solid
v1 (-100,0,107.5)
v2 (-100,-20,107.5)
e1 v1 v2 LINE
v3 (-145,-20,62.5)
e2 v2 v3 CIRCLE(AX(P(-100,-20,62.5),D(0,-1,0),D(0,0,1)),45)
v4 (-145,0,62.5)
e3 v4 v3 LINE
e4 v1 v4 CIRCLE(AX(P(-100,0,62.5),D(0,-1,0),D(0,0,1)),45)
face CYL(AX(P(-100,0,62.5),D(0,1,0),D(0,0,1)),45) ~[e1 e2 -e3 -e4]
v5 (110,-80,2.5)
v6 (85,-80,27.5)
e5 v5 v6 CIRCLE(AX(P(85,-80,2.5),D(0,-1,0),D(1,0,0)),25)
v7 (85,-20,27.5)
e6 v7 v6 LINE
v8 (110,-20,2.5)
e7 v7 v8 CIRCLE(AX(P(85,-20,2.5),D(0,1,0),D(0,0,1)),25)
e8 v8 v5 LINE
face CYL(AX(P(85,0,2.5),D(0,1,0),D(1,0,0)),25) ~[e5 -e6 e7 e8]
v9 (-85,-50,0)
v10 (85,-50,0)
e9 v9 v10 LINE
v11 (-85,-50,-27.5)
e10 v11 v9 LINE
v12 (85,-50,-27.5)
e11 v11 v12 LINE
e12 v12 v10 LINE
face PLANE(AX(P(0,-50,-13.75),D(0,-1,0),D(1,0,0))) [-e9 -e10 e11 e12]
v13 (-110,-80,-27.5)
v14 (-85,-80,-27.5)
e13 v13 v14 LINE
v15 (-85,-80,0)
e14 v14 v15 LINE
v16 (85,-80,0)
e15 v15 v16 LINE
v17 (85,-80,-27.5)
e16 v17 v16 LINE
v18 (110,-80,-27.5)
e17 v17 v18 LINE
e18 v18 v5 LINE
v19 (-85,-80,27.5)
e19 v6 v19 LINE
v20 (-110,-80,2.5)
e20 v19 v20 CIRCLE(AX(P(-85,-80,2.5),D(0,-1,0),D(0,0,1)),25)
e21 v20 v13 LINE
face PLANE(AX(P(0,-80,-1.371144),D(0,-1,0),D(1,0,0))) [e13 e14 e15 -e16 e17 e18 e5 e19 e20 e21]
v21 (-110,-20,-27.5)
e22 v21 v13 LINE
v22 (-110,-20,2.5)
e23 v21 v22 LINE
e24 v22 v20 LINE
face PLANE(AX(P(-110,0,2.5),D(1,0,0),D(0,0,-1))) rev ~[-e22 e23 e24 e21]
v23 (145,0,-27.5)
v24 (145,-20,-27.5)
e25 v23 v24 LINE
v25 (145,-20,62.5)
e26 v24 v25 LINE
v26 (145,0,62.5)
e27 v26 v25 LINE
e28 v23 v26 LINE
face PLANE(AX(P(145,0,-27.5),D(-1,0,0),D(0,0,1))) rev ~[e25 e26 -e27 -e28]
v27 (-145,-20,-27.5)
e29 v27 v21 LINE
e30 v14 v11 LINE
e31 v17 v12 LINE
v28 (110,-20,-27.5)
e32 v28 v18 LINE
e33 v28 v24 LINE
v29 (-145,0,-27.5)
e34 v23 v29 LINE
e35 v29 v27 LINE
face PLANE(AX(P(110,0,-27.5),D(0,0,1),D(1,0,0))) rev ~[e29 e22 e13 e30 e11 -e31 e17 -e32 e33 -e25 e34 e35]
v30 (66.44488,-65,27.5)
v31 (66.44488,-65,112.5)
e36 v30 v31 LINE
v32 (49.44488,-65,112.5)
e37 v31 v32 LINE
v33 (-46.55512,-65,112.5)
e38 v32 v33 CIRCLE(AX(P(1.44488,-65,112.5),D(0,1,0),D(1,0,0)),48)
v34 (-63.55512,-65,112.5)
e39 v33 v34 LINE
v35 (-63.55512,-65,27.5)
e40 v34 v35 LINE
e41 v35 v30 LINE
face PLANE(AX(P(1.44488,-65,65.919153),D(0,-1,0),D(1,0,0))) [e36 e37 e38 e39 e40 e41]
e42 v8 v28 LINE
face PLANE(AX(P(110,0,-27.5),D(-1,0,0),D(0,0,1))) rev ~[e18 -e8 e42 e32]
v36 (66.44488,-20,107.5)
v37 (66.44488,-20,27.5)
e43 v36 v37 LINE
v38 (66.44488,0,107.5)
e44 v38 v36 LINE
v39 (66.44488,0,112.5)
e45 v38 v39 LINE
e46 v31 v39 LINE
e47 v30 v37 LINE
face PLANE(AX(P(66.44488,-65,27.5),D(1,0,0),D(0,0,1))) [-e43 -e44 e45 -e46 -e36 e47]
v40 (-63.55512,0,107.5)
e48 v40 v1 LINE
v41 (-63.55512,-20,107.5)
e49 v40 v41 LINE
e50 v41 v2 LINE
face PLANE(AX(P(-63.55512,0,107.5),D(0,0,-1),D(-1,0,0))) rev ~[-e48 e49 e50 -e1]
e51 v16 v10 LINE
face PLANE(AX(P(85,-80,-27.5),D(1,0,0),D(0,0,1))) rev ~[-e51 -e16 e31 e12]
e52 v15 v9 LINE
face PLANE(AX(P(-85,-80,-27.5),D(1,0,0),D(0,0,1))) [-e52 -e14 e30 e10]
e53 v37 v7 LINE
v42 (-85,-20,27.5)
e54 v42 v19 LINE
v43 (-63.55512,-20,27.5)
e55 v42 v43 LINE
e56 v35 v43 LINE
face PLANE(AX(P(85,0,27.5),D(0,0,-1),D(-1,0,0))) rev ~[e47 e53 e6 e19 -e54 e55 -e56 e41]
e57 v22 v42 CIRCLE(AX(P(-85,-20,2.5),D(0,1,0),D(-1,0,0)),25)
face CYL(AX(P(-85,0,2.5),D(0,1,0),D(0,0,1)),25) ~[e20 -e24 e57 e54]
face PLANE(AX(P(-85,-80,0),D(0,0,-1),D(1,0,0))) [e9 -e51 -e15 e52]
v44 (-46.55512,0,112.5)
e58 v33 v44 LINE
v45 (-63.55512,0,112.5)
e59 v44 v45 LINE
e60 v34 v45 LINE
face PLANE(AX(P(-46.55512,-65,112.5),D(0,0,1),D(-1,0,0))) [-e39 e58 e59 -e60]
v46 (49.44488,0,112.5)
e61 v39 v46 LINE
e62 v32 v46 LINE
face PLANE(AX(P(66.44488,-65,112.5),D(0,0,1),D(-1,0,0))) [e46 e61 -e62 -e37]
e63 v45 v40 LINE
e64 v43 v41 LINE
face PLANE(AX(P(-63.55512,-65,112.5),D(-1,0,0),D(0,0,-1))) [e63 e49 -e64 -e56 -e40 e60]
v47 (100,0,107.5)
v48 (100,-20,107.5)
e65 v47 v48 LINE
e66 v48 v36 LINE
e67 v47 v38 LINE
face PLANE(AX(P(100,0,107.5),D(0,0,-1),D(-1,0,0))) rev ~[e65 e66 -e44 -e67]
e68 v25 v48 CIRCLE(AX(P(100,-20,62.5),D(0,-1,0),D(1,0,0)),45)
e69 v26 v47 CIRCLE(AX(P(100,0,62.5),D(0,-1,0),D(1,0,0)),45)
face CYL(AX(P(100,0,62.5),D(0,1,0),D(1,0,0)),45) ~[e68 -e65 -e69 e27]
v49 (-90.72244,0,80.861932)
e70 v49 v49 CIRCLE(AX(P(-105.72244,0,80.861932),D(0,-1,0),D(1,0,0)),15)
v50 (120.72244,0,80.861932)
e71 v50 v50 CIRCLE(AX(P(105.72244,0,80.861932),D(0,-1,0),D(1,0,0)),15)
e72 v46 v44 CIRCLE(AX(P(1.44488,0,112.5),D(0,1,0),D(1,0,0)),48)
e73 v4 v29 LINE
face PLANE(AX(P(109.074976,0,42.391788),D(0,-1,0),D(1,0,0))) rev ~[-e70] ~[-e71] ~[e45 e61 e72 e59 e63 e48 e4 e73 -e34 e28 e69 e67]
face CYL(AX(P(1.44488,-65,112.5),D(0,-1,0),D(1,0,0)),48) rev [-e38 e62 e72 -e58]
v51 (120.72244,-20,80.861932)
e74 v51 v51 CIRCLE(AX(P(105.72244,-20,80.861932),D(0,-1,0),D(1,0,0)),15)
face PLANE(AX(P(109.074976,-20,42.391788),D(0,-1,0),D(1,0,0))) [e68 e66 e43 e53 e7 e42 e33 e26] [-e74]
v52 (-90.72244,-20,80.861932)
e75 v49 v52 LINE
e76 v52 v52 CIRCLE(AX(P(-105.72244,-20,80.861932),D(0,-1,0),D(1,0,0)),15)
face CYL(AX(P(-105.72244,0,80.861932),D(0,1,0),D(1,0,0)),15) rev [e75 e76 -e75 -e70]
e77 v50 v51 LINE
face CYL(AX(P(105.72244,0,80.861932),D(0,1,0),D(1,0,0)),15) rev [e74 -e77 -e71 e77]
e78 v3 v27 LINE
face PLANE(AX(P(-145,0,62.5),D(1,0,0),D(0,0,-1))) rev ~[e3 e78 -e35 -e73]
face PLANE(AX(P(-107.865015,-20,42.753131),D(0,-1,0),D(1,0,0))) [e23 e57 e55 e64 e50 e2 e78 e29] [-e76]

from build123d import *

# Parameters (mm, degrees)
F1_DEPTH = 80
F2_W     = 170
F2_H     = 27.5
F3_DEPTH = 30
F6_DEPTH = 65
F8_R     = 15
F9_DEPTH = 20


with BuildPart() as f1:
    # F0 (on Front) → F1 (new body)
    with BuildSketch(Plane.XZ):
        with BuildLine():
            ThreePointArc((110, 2.5), (102.6776695297, 20.1776695297), (85, 27.5))
            Line((85, 27.5), (-85, 27.5))
            ThreePointArc((-85, 27.5), (-102.6776695297, 20.1776695297), (-110, 2.5))
            Line((-110, 2.5), (-110, -27.5))
            Line((-110, -27.5), (110, -27.5))
            Line((110, -27.5), (110, 2.5))
        make_face()
    extrude(amount=F1_DEPTH)

    # F2 (on face) → F3 (cut)
    with BuildSketch(Plane.XZ.offset(80)):
        with Locations((0, -13.75)):
            Rectangle(F2_W, F2_H)
    extrude(amount=-F3_DEPTH, mode=Mode.SUBTRACT)

    # F5 (on offset) → F6 (join)
    with BuildSketch(Plane.XZ.offset(65)):
        with BuildLine():
            Line((-46.5551204979, 112.5), (-63.5551204979, 112.5))
            Line((-63.5551204979, 112.5), (-63.5551204979, 27.5))
            Line((-63.5551204979, 27.5), (66.4448795021, 27.5))
            Line((66.4448795021, 27.5), (66.4448795021, 112.5))
            Line((66.4448795021, 112.5), (49.4448795021, 112.5))
            ThreePointArc((49.4448795021, 112.5), (1.4448795021, 64.5), (-46.5551204979, 112.5))
        make_face()
    extrude(amount=-F6_DEPTH)

    # F8 (on offset) → F9 (join)
    with BuildSketch(Plane.XZ):
        with BuildLine():
            Line((100, 107.5), (66.4448795021, 107.5))
            Line((66.4448795021, 107.5), (66.4448795021, 27.5))
            Line((66.4448795021, 27.5), (85, 27.5))
            ThreePointArc((85, 27.5), (102.6776695297, 20.1776695297), (110, 2.5))
            Line((110, 2.5), (110, -27.5))
            Line((110, -27.5), (145, -27.5))
            Line((145, -27.5), (145, 62.5))
            ThreePointArc((145, 62.5), (131.8198051534, 94.3198051534), (100, 107.5))
        make_face()
        with Locations((105.722439751, 80.8619317412)):
            Circle(F8_R, mode=Mode.SUBTRACT)
        with BuildLine():
            ThreePointArc((-100, 107.5), (-131.8198051534, 94.3198051534), (-145, 62.5))
            Line((-145, 62.5), (-145, -27.5))
            Line((-145, -27.5), (-110, -27.5))
            Line((-110, -27.5), (-110, 2.5))
            ThreePointArc((-110, 2.5), (-102.6776695297, 20.1776695297), (-85, 27.5))
            Line((-85, 27.5), (-63.5551204979, 27.5))
            Line((-63.5551204979, 27.5), (-63.5551204979, 107.5))
            Line((-63.5551204979, 107.5), (-100, 107.5))
        make_face()
        with Locations((-105.722439751, 80.8619317412)):
            Circle(F8_R, mode=Mode.SUBTRACT)
    extrude(amount=F9_DEPTH)


solid = f1.part
